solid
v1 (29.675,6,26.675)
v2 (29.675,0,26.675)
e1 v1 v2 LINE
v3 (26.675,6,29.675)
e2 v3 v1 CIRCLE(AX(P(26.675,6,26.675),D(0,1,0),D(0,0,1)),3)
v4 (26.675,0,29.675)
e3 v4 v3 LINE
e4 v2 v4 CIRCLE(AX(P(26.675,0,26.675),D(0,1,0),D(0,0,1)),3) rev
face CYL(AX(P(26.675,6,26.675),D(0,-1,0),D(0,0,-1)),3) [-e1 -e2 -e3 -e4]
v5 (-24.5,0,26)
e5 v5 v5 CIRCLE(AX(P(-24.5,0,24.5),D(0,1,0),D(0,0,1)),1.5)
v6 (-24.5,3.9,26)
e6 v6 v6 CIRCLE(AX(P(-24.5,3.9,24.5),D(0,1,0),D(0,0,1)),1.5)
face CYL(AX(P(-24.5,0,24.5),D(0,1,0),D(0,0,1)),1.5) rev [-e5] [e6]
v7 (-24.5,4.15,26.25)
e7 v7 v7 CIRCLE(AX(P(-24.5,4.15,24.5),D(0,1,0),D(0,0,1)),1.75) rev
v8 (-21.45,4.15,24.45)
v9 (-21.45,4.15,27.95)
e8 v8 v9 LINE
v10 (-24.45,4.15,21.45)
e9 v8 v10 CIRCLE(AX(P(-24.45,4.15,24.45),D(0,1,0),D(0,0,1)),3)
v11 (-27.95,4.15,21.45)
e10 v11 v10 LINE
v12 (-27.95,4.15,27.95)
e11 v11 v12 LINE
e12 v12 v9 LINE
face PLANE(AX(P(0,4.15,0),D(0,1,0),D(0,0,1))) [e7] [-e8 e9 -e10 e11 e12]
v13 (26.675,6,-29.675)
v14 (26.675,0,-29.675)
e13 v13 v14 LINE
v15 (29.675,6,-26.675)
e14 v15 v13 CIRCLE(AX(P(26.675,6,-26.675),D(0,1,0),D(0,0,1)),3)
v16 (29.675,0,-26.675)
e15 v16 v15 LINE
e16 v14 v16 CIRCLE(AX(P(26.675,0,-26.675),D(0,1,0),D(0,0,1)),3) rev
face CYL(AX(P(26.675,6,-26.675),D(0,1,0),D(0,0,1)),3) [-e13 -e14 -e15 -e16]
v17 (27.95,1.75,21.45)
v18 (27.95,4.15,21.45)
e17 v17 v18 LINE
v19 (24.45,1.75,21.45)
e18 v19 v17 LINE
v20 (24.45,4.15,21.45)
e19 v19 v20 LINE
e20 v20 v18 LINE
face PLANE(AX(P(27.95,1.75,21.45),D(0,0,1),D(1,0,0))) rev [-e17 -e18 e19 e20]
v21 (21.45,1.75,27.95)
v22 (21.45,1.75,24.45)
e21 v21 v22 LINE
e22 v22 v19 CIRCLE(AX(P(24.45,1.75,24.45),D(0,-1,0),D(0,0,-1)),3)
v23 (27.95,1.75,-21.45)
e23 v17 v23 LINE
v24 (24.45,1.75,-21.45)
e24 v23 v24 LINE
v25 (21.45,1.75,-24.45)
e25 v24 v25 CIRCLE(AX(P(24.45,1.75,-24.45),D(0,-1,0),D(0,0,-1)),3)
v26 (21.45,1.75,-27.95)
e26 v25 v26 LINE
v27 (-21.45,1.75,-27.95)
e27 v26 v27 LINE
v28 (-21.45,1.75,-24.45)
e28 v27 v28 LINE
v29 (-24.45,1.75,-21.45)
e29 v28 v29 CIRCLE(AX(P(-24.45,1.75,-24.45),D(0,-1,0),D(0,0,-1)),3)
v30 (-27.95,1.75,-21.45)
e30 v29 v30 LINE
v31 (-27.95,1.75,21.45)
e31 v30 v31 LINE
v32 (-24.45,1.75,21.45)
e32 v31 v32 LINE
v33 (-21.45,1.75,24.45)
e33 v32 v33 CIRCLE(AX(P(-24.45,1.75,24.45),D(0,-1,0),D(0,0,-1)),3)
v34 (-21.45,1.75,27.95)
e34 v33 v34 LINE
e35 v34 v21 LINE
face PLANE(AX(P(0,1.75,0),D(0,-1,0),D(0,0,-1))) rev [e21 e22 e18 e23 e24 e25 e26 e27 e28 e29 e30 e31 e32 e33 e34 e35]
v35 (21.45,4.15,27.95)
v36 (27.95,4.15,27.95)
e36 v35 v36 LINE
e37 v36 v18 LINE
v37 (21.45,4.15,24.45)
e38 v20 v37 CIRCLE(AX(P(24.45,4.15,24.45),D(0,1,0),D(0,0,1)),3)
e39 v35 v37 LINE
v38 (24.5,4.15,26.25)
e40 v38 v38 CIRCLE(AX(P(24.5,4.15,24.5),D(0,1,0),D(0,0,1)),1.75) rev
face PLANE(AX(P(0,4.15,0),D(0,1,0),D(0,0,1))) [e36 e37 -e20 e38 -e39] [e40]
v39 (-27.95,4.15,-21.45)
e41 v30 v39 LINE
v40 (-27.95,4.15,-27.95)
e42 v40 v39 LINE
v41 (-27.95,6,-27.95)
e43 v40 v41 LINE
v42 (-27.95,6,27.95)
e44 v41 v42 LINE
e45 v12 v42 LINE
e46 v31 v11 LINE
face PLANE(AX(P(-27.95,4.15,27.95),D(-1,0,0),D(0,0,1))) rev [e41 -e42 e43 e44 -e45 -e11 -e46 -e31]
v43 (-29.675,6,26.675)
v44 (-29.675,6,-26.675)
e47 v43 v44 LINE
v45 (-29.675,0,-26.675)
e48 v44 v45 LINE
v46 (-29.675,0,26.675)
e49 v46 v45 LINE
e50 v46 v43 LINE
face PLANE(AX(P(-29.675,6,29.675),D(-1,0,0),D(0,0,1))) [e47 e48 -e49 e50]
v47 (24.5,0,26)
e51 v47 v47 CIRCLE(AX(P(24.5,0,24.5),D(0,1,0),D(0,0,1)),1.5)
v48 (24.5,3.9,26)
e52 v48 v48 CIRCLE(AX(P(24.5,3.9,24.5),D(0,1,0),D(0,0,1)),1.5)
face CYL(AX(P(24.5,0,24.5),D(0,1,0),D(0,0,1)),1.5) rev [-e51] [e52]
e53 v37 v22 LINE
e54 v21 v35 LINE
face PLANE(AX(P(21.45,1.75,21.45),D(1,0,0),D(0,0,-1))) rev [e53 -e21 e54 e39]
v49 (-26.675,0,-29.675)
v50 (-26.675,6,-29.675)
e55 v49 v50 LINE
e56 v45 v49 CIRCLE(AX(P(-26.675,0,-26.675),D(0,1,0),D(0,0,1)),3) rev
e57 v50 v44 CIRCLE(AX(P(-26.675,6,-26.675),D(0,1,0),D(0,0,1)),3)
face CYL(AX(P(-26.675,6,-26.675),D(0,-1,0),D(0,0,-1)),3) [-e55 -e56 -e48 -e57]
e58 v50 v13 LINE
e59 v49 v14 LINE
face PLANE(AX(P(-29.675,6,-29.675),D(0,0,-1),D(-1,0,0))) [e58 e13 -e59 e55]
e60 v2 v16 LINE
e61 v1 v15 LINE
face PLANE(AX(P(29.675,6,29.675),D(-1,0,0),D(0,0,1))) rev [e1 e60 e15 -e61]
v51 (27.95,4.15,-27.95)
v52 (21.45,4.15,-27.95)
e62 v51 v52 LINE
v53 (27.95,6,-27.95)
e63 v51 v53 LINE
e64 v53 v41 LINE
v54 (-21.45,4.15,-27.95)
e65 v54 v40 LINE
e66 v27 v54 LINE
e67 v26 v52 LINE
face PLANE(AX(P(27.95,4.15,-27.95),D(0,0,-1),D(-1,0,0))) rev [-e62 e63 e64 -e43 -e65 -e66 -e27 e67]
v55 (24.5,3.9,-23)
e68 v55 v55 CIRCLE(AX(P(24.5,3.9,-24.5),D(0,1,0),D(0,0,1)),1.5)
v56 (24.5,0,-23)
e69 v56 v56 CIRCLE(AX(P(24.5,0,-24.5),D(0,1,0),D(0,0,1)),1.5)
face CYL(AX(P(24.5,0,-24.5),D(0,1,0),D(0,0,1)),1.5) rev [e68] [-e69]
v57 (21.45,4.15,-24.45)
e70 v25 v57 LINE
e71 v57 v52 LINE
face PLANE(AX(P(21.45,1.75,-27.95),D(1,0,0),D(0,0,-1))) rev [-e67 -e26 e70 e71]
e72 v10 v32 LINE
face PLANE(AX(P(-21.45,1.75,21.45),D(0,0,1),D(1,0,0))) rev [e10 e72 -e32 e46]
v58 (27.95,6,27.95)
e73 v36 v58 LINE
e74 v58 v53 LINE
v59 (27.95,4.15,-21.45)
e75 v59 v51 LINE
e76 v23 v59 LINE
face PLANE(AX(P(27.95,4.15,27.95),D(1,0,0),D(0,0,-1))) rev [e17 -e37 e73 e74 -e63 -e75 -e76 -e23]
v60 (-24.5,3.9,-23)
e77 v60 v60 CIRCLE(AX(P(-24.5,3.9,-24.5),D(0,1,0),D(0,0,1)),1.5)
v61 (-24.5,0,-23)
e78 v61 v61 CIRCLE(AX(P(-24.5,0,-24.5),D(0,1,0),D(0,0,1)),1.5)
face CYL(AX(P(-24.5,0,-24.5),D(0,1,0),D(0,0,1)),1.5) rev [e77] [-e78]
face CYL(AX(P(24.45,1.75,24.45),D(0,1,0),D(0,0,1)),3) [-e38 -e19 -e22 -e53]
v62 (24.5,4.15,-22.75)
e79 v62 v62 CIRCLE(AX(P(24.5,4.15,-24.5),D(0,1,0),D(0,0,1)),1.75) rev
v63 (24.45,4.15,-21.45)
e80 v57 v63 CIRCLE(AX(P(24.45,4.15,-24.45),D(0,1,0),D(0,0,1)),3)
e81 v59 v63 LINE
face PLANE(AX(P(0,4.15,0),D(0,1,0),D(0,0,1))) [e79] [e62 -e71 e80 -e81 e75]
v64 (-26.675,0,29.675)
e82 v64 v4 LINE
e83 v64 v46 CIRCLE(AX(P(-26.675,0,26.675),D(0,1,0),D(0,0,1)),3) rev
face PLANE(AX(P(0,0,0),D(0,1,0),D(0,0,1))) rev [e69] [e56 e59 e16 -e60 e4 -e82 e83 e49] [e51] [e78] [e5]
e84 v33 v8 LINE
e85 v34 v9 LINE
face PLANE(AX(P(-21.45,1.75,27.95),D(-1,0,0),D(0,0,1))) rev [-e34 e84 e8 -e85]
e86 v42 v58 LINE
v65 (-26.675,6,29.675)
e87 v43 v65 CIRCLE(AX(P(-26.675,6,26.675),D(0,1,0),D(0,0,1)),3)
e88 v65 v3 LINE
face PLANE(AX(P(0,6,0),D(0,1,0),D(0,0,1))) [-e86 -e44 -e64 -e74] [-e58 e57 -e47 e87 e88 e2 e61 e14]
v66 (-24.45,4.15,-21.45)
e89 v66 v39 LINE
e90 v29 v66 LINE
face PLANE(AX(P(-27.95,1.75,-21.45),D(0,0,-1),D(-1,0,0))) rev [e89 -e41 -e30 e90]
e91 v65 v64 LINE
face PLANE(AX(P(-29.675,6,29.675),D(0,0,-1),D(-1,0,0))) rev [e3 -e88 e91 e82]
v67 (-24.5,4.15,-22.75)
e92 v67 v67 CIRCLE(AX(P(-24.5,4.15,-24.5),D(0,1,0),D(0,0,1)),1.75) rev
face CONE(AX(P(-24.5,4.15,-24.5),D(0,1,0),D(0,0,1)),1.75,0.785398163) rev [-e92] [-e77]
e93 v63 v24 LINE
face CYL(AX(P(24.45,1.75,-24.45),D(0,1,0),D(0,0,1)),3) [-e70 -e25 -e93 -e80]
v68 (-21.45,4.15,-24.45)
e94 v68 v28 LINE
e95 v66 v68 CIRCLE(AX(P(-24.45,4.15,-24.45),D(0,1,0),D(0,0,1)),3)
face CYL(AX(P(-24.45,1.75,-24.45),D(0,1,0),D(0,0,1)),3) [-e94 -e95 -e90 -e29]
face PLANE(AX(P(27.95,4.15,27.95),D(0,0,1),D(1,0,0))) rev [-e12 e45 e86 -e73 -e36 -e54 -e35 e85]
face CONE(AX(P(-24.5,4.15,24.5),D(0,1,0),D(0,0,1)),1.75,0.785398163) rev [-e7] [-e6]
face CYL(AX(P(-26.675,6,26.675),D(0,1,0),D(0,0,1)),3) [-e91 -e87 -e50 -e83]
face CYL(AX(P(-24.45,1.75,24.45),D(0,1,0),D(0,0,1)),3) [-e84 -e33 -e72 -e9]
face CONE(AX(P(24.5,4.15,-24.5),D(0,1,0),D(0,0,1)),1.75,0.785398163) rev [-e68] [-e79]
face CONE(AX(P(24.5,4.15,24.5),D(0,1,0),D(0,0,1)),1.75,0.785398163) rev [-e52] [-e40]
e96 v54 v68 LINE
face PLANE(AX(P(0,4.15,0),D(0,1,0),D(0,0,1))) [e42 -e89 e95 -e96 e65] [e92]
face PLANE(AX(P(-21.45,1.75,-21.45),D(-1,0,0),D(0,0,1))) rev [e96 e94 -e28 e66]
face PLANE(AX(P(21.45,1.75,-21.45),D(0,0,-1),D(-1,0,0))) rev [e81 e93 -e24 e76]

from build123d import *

# Parameters (mm, degrees)
SKETCH1_W           = 59.35
SKETCH1_H           = 59.35
BOSS_EXTRUDE1_DEPTH = 6
SKETCH2_R           = 1.5
CUT_EXTRUDE1_DEPTH  = 7
SKETCH7_W           = 55.9
SKETCH7_H           = 55.9
CUT_EXTRUDE3_DEPTH  = 1.85
CUT_EXTRUDE4_DEPTH  = 2.4
FILLET1_R           = 3
CHAMFER1_SIZE       = 0.25


with BuildPart() as part:
    # Sketch1 → Boss-Extrude1 (new body)
    with BuildSketch(Plane(origin=(0, 0, 0), x_dir=(1, 0, 0), z_dir=(0, 1, 0))):
        Rectangle(SKETCH1_W, SKETCH1_H)
    extrude(amount=BOSS_EXTRUDE1_DEPTH)

    # Sketch2 → Cut-Extrude1 (cut, through all)
    with BuildSketch(Plane(origin=(0, 6, 0), x_dir=(1, 0, 0), z_dir=(0, 1, 0))):
        with Locations((-24.5, 24.5)):
            Circle(SKETCH2_R)
        with Locations((24.5, 24.5)):
            Circle(SKETCH2_R)
        with Locations((-24.5, -24.5)):
            Circle(SKETCH2_R)
        with Locations((24.5, -24.5)):
            Circle(SKETCH2_R)
    extrude(amount=-CUT_EXTRUDE1_DEPTH, mode=Mode.SUBTRACT)

    # Sketch7 → Cut-Extrude3 (cut)
    with BuildSketch(Plane(origin=(0, 6, 0), x_dir=(1, 0, 0), z_dir=(0, 1, 0))):
        Rectangle(SKETCH7_W, SKETCH7_H)
    extrude(amount=-CUT_EXTRUDE3_DEPTH, mode=Mode.SUBTRACT)

    # Sketch8 → Cut-Extrude4 (cut)
    with BuildSketch(Plane(origin=(0, 4.15, 0), x_dir=(1, 0, 0), z_dir=(0, 1, 0))):
        Polygon((-27.95, 21.45), (-21.45, 21.45), (-21.45, 27.95), (21.45, 27.95), (21.45, 21.45), (27.95, 21.45), (27.95, -21.45), (21.45, -21.45), (21.45, -27.95), (-21.45, -27.95), (-21.45, -21.45), (-27.95, -21.45), align=None)
    extrude(amount=-CUT_EXTRUDE4_DEPTH, mode=Mode.SUBTRACT)

    # Fillet1
    fillet1_edges = [part.edges().sort_by_distance(p)[0] for p in [
        (-21.45, 2.95, -21.45),
        (21.45, 2.95, -21.45),
        (21.45, 2.95, 21.45),
        (-21.45, 2.95, 21.45),
        (-29.675, 3, 29.675),
        (-29.675, 3, -29.675),
        (29.675, 3, -29.675),
        (29.675, 3, 29.675),
    ]]
    fillet(fillet1_edges, radius=FILLET1_R)

    # Chamfer1
    chamfer1_edges = [part.edges().sort_by_distance(p)[0] for p in [
        (-26, 4.15, -24.5),
        (23, 4.15, 24.5),
        (-26, 4.15, 24.5),
        (23, 4.15, -24.5),
    ]]
    chamfer(chamfer1_edges, length=CHAMFER1_SIZE)


solid = part.part
